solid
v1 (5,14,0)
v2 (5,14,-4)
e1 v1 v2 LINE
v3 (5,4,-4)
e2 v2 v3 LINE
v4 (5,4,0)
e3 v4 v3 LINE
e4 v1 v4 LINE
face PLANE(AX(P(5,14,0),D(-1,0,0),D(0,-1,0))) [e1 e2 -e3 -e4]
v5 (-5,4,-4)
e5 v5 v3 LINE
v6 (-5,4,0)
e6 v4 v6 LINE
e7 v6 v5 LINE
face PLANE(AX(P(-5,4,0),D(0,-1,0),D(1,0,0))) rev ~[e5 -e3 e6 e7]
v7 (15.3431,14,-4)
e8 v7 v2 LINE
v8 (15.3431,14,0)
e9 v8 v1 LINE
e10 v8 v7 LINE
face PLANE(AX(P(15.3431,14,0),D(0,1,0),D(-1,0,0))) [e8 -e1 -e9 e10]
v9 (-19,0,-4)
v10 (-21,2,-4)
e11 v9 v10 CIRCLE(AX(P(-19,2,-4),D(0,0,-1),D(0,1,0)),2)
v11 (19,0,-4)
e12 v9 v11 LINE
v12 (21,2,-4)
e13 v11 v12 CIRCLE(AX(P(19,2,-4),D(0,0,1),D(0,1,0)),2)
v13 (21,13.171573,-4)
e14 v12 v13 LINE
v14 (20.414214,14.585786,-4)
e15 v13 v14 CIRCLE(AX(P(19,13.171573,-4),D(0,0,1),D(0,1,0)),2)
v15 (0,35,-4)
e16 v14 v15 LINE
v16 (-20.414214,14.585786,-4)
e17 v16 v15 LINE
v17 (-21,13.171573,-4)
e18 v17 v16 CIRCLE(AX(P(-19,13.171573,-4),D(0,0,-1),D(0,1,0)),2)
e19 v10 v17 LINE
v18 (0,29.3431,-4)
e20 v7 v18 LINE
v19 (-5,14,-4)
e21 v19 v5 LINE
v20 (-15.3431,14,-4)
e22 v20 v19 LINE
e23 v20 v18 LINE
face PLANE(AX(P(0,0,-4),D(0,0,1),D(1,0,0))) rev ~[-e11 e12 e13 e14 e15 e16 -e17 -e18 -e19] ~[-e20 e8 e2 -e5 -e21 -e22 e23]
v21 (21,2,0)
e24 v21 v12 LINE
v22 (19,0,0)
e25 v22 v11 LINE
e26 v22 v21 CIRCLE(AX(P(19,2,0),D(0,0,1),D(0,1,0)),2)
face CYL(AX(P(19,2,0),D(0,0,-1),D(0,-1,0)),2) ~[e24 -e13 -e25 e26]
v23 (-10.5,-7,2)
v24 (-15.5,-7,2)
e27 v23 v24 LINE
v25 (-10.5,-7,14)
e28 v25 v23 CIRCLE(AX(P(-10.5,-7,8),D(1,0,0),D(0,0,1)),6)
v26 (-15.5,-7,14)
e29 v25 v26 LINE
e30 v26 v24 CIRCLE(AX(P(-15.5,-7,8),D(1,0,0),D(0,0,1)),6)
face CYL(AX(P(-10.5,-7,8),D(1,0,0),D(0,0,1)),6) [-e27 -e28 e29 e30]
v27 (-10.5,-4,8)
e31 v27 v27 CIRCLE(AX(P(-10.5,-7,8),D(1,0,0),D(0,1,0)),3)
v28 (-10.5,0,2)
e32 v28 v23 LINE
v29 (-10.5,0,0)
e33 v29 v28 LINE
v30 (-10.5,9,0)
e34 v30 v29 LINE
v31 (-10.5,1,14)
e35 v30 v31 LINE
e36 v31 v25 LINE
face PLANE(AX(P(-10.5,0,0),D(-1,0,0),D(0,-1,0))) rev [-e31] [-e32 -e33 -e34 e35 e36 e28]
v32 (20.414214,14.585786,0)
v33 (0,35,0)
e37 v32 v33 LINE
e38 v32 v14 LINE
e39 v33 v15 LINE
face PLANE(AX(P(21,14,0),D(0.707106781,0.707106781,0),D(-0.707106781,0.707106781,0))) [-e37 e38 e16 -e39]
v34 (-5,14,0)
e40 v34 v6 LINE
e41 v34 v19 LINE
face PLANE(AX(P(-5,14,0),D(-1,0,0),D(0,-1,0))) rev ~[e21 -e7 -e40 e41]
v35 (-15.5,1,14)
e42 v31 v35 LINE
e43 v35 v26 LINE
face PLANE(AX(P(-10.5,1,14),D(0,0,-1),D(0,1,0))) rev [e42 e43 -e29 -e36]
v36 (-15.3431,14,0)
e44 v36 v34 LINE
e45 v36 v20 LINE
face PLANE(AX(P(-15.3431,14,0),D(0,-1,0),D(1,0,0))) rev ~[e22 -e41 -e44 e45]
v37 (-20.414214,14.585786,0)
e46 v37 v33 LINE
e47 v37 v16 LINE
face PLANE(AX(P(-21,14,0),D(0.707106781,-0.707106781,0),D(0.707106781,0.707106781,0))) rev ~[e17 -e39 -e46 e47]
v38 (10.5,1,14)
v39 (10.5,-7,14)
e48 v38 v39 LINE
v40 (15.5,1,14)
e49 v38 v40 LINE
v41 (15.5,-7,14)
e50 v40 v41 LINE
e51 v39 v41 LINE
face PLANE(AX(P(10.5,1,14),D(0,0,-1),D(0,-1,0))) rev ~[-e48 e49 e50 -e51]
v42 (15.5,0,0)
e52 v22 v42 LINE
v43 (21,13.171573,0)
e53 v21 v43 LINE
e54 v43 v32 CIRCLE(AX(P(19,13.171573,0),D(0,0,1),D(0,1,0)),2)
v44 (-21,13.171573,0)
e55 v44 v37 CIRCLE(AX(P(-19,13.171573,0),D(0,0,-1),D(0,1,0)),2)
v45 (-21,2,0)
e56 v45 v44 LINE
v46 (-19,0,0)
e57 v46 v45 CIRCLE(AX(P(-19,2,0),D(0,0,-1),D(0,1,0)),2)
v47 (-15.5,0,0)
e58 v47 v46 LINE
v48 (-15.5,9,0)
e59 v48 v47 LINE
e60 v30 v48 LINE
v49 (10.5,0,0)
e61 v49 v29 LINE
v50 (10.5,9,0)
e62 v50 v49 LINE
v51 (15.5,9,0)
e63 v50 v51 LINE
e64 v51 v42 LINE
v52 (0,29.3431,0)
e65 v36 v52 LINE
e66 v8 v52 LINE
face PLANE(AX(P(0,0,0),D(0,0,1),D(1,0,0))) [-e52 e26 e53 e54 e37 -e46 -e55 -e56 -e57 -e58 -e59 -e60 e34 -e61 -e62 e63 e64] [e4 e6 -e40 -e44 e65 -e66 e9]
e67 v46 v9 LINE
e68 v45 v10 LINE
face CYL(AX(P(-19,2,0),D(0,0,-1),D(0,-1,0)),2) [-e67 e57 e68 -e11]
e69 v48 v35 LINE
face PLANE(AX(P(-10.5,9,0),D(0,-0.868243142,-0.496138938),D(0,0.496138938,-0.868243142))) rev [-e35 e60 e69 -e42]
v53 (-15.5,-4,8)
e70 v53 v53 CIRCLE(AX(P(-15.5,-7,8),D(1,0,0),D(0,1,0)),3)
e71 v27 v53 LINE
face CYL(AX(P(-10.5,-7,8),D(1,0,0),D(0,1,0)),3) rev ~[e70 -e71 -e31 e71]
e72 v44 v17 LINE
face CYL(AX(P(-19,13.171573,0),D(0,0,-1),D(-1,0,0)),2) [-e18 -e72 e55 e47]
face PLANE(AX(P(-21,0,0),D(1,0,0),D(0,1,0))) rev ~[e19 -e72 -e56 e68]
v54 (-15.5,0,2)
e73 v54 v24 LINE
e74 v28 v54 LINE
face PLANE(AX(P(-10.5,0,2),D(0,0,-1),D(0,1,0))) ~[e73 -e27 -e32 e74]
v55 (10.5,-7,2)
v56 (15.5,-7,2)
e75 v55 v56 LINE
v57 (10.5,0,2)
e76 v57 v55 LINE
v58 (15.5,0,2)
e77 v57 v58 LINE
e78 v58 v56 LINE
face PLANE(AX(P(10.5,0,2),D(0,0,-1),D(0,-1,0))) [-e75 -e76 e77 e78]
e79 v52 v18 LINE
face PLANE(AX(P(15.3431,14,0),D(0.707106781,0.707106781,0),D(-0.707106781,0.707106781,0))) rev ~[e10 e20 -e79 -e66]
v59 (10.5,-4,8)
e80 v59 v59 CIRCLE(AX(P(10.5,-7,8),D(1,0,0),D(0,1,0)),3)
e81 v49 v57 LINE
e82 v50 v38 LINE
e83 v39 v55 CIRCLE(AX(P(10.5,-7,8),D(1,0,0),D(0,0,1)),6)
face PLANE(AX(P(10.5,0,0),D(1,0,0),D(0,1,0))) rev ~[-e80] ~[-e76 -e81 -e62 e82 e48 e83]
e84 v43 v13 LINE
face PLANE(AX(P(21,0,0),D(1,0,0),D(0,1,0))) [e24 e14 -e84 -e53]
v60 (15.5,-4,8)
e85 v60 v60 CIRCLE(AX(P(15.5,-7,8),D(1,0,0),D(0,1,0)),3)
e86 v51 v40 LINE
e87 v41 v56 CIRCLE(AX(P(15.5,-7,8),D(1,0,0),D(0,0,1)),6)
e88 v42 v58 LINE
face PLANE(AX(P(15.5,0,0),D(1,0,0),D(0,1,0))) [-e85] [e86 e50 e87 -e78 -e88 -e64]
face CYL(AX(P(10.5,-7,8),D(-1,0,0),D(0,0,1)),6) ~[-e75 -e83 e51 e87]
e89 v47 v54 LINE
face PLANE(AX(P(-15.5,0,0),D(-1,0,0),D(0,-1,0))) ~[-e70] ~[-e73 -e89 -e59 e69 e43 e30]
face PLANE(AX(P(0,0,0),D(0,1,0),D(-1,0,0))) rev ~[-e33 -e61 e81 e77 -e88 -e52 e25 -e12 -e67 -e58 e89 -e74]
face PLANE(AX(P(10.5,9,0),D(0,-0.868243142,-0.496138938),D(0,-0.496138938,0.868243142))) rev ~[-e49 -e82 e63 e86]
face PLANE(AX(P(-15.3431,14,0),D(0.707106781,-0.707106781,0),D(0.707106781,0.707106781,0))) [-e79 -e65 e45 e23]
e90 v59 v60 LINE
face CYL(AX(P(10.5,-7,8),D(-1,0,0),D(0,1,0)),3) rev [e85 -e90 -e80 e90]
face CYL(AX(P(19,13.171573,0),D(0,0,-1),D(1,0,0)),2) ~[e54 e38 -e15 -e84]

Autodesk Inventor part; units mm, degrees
ref_plane "XZ Plane" through (0, 0, 0) normal (0, 1, 0) x (-1, 0, 0)
ref_plane "XY Plane" through (0, 0, 0) normal (0, 0, 1) x (1, 0, 0)
sketch "스케치1" plane through (0, 0, 0) normal (0, 0, 1) x (1, 0, 0)
  line L0 (0, 0) -> (0, 40)
  line L1 (0, 0) -> (40, 0) construction
  line L2 (0, 0) -> (-21, 0)
  line L3 (-15.3431, 14) -> (-5, 14)
  line L4 (-5, 14) -> (-5, 4)
  line L5 (-5, 4) -> (0, 4)
  line L6 (-21, 0) -> (-21, 14)
  line L7 (-21, 14) -> (0, 35)
  line L8 (-15.3431, 14) -> (0, 29.3431)
  line L9 (0, 0) -> (21, 0)
  line L10 (15.3431, 14) -> (5, 14)
  line L11 (5, 14) -> (5, 4)
  line L12 (5, 4) -> (0, 4)
  line L13 (21, 0) -> (21, 14)
  line L14 (21, 14) -> (0, 35)
  line L15 (15.3431, 14) -> (0, 29.3431)
  dimension "d0" = 40
  dimension "d2" = 35
  dimension "d3" = 4
  dimension "d4" = 10
  dimension "d6" = 42
  dimension "d8" = 4
  dimension "d9" = 10
  dimension "d10" = 45
extrude "돌출1" add sketch "스케치1" against normal blind 4 contours L2 L6 L7 L0 L8 L3 L4 L5 | L0 L12 L11 L10 L15 L14 L13 L9
ref_plane "작업 평면1" through (10.5, 0, 0) normal (1, 0, 0) x (0, 1, 0)
sketch "스케치3" plane through (10.5, 0, 0) normal (1, 0, 0) x (0, 1, 0)
  circle A0 centre (-7, 8) radius 3
  arc A1 (-7, 14) -> (-7, 2) centre (-7, 8) ccw
  line L0 (14, 0) -> (0, 0) projected
  line L1 (9, 0) -> (1, 14)
  line L2 (1, 14) -> (-7, 14)
  line L3 (0, 0) -> (0, -4) projected
  line L4 (0, 0) -> (0, 2)
  line L5 (0, 2) -> (-7, 2)
  dimension "d14" = 6
  dimension "d15" = 12
  dimension "d16" = 8
  dimension "d17" = 8
  dimension "d18" = 6
  dimension "d19" = 12
  dimension "d20" = 14
  dimension "d21" = 7
extrude "돌출2" add sketch "스케치3" along normal blind 5
mirror "미러1" about plane through (0, 0, 0) normal (1, 0, 0) of "돌출2"
fillet "모깎기1" radius 2 4 edges at (-21, 14, -2) (-21, 0, -2) (21, 14, -2) (21, 0, -2)
properties part number "01-1"
